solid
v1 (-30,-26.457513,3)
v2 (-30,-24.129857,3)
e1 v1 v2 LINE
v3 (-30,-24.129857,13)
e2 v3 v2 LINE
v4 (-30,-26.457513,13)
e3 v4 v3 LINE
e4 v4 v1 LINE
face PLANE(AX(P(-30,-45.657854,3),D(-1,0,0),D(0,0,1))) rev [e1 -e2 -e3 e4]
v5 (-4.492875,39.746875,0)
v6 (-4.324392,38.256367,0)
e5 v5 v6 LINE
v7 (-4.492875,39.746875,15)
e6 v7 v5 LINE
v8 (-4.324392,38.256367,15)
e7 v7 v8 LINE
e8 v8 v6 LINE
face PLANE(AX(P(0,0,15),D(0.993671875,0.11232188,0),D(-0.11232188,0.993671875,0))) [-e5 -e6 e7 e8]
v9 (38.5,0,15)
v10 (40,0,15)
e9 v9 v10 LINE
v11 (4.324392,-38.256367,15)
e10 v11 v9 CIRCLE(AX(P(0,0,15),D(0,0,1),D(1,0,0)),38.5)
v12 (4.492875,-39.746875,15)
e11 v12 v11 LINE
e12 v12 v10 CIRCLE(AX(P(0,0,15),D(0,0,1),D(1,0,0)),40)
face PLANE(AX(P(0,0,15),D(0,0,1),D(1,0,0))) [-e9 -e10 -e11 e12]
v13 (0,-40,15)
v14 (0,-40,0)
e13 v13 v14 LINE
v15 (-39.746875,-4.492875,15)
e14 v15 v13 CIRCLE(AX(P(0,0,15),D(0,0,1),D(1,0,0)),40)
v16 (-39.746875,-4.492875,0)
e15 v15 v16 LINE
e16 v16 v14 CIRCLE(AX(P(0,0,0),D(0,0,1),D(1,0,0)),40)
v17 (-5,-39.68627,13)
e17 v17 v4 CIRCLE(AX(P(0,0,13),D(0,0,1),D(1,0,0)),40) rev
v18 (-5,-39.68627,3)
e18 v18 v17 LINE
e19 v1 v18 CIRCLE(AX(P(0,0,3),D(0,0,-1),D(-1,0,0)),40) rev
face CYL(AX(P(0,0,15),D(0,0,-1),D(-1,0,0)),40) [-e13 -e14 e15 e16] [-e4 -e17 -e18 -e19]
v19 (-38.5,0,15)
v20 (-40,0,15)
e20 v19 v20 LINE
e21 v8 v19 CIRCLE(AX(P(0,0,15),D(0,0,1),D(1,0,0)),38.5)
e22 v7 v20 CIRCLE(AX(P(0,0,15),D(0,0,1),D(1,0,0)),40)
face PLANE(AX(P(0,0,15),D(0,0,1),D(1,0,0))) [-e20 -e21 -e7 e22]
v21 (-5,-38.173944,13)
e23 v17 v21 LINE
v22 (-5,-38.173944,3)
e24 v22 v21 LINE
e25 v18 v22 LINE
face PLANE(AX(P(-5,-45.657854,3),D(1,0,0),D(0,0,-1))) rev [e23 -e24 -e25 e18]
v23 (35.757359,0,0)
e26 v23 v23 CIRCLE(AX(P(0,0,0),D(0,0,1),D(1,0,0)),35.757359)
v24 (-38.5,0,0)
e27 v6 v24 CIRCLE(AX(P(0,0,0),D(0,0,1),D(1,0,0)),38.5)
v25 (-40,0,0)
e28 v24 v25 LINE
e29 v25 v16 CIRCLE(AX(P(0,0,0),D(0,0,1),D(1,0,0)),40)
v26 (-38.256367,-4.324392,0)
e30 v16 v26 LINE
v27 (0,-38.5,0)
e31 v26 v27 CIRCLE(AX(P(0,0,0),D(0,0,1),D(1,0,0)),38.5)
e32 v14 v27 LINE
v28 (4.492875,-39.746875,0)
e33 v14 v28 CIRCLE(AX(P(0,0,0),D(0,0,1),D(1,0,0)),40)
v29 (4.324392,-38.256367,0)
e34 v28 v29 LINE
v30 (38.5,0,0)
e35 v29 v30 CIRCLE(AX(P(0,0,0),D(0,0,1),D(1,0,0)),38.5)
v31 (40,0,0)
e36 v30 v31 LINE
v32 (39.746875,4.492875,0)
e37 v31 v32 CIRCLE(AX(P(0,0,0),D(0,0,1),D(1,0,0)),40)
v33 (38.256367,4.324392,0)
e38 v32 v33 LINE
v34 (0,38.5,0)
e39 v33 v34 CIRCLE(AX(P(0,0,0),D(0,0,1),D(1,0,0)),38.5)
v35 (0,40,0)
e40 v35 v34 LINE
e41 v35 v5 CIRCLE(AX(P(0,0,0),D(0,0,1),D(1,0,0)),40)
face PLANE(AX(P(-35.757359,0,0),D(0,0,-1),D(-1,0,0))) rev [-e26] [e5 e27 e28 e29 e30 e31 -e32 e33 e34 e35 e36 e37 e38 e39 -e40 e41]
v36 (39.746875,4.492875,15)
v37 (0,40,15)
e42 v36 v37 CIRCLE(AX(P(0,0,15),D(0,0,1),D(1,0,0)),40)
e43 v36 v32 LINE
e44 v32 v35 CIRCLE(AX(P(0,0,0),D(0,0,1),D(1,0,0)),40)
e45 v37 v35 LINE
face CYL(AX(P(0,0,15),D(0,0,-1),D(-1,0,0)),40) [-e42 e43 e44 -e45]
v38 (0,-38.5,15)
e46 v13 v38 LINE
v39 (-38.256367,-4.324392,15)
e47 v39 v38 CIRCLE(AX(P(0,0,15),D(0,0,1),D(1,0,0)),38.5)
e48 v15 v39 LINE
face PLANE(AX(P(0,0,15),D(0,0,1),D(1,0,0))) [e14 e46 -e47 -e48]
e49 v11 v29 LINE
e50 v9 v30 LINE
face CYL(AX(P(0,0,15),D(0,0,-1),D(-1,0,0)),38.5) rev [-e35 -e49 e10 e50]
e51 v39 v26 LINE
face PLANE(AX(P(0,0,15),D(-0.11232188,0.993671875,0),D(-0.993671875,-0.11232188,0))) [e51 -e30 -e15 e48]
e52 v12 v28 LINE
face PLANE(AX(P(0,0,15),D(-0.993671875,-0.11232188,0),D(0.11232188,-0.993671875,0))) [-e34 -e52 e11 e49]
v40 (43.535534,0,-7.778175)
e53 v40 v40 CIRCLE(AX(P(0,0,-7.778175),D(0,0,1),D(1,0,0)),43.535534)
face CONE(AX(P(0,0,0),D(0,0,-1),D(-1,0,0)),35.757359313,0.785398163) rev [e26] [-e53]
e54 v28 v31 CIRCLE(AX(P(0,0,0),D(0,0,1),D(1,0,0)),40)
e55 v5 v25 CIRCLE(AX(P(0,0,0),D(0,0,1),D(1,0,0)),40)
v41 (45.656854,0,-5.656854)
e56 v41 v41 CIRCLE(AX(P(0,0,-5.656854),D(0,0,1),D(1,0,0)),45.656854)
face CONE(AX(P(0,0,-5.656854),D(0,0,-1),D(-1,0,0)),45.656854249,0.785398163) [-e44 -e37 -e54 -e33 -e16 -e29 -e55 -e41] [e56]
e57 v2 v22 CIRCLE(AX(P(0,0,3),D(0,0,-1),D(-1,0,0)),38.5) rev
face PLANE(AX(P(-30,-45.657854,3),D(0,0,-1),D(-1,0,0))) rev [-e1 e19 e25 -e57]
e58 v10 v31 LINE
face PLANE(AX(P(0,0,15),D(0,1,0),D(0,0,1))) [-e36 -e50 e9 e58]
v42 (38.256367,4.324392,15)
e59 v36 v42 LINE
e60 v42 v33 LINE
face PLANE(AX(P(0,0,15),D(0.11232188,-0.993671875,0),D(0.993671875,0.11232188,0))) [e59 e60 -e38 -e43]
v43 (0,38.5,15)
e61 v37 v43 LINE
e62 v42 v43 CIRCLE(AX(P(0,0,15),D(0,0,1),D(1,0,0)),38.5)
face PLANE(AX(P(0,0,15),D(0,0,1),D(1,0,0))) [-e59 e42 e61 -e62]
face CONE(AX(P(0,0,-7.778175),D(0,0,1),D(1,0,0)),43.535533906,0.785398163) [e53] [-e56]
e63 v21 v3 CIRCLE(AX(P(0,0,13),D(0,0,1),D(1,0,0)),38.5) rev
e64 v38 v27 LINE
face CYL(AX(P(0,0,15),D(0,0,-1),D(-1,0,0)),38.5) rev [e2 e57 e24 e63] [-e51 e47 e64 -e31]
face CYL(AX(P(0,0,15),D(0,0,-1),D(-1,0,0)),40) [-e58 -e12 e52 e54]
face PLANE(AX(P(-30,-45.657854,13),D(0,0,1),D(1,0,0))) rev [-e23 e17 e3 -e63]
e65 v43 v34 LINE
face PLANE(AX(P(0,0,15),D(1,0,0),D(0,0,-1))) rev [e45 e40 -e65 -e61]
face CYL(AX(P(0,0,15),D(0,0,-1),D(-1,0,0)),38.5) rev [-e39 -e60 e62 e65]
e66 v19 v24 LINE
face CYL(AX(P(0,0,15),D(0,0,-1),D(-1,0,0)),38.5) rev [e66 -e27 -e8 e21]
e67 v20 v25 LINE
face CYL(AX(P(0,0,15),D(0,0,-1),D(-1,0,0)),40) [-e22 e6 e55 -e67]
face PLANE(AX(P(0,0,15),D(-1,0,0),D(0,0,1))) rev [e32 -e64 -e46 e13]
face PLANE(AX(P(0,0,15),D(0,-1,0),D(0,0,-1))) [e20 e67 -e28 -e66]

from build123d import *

# Parameters (mm, degrees)
SALIENTE_EXTRUIR1_DEPTH    = 15
SALIENTE_EXTRUIR1_2_DEPTH  = 15
SALIENTE_EXTRUIR1_3_DEPTH  = 15
SALIENTE_EXTRUIR1_4_DEPTH  = 15
CORTAR_EXTRUIR1_REACH      = 68.288
CORTAR_EXTRUIR1_END_RADIUS = 40
CROQUIS3_W                 = 25
CROQUIS3_H                 = 10


with BuildPart() as part:
    # Croquis1 → Saliente-Extruir1 (new body)
    with BuildSketch(Plane.XY):
        with BuildLine():
            Line((-4.324392398, 38.256367187), (-4.492875219, 39.746875))
            ThreePointArc((-4.492875219, 39.746875), (-29.830479453, 26.648498937), (-40, 0))
            Line((-40, 0), (-38.5, 0))
            ThreePointArc((-38.5, 0), (-28.711836473, 25.649180227), (-4.324392398, 38.256367187))
        make_face()
    extrude(amount=SALIENTE_EXTRUIR1_DEPTH)



with BuildPart() as body_2:
    # Croquis1 → Saliente-Extruir1 2 (new body)
    with BuildSketch(Plane.XY):
        with BuildLine():
            Line((-38.256367187, -4.324392398), (-39.746875, -4.492875219))
            ThreePointArc((-39.746875, -4.492875219), (-26.648498937, -29.830479453), (0, -40))
            Line((0, -40), (0, -38.5))
            ThreePointArc((0, -38.5), (-25.649180227, -28.711836473), (-38.256367187, -4.324392398))
        make_face()
    extrude(amount=SALIENTE_EXTRUIR1_2_DEPTH)


with BuildPart() as body_3:
    # Croquis1 → Saliente-Extruir1 3 (new body)
    with BuildSketch(Plane.XY):
        with BuildLine():
            ThreePointArc((39.746875, 4.492875219), (26.648498937, 29.830479453), (0, 40))
            Line((0, 40), (0, 38.5))
            ThreePointArc((0, 38.5), (25.649180227, 28.711836473), (38.256367187, 4.324392398))
            Line((38.256367188, 4.324392398), (39.746875, 4.492875219))
        make_face()
    extrude(amount=SALIENTE_EXTRUIR1_3_DEPTH)


with BuildPart() as body_4:
    # Croquis1 → Saliente-Extruir1 4 (new body)
    with BuildSketch(Plane.XY):
        with BuildLine():
            ThreePointArc((4.492875219, -39.746875), (29.830479453, -26.648498937), (40, 0))
            Line((40, 0), (38.5, 0))
            ThreePointArc((38.5, 0), (28.711836473, -25.649180227), (4.324392398, -38.256367188))
            Line((4.324392398, -38.256367188), (4.492875219, -39.746875))
        make_face()
    extrude(amount=SALIENTE_EXTRUIR1_4_DEPTH)


with BuildPart() as part_1:
    add(part.part)

    add(body_2.part)  # Revolución1 merges body 2

    add(body_3.part)  # Revolución1 merges body 3

    add(body_4.part)  # Revolución1 merges body 4
    # Croquis2 → Revolución1 (revolve)
    with BuildSketch(Plane(origin=(0, 0, 0), x_dir=(1, 0, 0), z_dir=(0, 1, 0)), mode=Mode.PRIVATE) as revoluci_n1_sk:
        Polygon((-40, 0), (-45.656854249, 5.656854249), (-43.535533906, 7.778174593), (-35.757359313, 0), align=None)
    revolve(revoluci_n1_sk.sketch.rotate(Axis((0, 0, 0), (0, 0, -1)), 180), axis=Axis((0, 0, 0), (0, 0, -1)))

    # Cortar-Extruir1: up to this cylinder (the profile starts inside it)
    cortar_extruir1_end = Plane(origin=(0, 0, 8), z_dir=(0, 0, -1)) * Cylinder(CORTAR_EXTRUIR1_END_RADIUS, 217.576, mode=Mode.PRIVATE)
    # Croquis3 → Cortar-Extruir1 (cut, up to the surface)
    with BuildSketch(Plane(origin=(0, 0, 0), x_dir=(1, 0, 0), z_dir=(0, 1, 0)), mode=Mode.PRIVATE) as cortar_extruir1_sk1:
        with Locations((-17.5, -8)):
            Rectangle(CROQUIS3_W, CROQUIS3_H)
    cortar_extruir1_tool1 = extrude(cortar_extruir1_sk1.sketch, amount=-CORTAR_EXTRUIR1_REACH, mode=Mode.PRIVATE) & cortar_extruir1_end
    add(cortar_extruir1_tool1.solids().sort_by_distance((-17.5, 0, 8))[0], mode=Mode.SUBTRACT)


solid = part_1.part
